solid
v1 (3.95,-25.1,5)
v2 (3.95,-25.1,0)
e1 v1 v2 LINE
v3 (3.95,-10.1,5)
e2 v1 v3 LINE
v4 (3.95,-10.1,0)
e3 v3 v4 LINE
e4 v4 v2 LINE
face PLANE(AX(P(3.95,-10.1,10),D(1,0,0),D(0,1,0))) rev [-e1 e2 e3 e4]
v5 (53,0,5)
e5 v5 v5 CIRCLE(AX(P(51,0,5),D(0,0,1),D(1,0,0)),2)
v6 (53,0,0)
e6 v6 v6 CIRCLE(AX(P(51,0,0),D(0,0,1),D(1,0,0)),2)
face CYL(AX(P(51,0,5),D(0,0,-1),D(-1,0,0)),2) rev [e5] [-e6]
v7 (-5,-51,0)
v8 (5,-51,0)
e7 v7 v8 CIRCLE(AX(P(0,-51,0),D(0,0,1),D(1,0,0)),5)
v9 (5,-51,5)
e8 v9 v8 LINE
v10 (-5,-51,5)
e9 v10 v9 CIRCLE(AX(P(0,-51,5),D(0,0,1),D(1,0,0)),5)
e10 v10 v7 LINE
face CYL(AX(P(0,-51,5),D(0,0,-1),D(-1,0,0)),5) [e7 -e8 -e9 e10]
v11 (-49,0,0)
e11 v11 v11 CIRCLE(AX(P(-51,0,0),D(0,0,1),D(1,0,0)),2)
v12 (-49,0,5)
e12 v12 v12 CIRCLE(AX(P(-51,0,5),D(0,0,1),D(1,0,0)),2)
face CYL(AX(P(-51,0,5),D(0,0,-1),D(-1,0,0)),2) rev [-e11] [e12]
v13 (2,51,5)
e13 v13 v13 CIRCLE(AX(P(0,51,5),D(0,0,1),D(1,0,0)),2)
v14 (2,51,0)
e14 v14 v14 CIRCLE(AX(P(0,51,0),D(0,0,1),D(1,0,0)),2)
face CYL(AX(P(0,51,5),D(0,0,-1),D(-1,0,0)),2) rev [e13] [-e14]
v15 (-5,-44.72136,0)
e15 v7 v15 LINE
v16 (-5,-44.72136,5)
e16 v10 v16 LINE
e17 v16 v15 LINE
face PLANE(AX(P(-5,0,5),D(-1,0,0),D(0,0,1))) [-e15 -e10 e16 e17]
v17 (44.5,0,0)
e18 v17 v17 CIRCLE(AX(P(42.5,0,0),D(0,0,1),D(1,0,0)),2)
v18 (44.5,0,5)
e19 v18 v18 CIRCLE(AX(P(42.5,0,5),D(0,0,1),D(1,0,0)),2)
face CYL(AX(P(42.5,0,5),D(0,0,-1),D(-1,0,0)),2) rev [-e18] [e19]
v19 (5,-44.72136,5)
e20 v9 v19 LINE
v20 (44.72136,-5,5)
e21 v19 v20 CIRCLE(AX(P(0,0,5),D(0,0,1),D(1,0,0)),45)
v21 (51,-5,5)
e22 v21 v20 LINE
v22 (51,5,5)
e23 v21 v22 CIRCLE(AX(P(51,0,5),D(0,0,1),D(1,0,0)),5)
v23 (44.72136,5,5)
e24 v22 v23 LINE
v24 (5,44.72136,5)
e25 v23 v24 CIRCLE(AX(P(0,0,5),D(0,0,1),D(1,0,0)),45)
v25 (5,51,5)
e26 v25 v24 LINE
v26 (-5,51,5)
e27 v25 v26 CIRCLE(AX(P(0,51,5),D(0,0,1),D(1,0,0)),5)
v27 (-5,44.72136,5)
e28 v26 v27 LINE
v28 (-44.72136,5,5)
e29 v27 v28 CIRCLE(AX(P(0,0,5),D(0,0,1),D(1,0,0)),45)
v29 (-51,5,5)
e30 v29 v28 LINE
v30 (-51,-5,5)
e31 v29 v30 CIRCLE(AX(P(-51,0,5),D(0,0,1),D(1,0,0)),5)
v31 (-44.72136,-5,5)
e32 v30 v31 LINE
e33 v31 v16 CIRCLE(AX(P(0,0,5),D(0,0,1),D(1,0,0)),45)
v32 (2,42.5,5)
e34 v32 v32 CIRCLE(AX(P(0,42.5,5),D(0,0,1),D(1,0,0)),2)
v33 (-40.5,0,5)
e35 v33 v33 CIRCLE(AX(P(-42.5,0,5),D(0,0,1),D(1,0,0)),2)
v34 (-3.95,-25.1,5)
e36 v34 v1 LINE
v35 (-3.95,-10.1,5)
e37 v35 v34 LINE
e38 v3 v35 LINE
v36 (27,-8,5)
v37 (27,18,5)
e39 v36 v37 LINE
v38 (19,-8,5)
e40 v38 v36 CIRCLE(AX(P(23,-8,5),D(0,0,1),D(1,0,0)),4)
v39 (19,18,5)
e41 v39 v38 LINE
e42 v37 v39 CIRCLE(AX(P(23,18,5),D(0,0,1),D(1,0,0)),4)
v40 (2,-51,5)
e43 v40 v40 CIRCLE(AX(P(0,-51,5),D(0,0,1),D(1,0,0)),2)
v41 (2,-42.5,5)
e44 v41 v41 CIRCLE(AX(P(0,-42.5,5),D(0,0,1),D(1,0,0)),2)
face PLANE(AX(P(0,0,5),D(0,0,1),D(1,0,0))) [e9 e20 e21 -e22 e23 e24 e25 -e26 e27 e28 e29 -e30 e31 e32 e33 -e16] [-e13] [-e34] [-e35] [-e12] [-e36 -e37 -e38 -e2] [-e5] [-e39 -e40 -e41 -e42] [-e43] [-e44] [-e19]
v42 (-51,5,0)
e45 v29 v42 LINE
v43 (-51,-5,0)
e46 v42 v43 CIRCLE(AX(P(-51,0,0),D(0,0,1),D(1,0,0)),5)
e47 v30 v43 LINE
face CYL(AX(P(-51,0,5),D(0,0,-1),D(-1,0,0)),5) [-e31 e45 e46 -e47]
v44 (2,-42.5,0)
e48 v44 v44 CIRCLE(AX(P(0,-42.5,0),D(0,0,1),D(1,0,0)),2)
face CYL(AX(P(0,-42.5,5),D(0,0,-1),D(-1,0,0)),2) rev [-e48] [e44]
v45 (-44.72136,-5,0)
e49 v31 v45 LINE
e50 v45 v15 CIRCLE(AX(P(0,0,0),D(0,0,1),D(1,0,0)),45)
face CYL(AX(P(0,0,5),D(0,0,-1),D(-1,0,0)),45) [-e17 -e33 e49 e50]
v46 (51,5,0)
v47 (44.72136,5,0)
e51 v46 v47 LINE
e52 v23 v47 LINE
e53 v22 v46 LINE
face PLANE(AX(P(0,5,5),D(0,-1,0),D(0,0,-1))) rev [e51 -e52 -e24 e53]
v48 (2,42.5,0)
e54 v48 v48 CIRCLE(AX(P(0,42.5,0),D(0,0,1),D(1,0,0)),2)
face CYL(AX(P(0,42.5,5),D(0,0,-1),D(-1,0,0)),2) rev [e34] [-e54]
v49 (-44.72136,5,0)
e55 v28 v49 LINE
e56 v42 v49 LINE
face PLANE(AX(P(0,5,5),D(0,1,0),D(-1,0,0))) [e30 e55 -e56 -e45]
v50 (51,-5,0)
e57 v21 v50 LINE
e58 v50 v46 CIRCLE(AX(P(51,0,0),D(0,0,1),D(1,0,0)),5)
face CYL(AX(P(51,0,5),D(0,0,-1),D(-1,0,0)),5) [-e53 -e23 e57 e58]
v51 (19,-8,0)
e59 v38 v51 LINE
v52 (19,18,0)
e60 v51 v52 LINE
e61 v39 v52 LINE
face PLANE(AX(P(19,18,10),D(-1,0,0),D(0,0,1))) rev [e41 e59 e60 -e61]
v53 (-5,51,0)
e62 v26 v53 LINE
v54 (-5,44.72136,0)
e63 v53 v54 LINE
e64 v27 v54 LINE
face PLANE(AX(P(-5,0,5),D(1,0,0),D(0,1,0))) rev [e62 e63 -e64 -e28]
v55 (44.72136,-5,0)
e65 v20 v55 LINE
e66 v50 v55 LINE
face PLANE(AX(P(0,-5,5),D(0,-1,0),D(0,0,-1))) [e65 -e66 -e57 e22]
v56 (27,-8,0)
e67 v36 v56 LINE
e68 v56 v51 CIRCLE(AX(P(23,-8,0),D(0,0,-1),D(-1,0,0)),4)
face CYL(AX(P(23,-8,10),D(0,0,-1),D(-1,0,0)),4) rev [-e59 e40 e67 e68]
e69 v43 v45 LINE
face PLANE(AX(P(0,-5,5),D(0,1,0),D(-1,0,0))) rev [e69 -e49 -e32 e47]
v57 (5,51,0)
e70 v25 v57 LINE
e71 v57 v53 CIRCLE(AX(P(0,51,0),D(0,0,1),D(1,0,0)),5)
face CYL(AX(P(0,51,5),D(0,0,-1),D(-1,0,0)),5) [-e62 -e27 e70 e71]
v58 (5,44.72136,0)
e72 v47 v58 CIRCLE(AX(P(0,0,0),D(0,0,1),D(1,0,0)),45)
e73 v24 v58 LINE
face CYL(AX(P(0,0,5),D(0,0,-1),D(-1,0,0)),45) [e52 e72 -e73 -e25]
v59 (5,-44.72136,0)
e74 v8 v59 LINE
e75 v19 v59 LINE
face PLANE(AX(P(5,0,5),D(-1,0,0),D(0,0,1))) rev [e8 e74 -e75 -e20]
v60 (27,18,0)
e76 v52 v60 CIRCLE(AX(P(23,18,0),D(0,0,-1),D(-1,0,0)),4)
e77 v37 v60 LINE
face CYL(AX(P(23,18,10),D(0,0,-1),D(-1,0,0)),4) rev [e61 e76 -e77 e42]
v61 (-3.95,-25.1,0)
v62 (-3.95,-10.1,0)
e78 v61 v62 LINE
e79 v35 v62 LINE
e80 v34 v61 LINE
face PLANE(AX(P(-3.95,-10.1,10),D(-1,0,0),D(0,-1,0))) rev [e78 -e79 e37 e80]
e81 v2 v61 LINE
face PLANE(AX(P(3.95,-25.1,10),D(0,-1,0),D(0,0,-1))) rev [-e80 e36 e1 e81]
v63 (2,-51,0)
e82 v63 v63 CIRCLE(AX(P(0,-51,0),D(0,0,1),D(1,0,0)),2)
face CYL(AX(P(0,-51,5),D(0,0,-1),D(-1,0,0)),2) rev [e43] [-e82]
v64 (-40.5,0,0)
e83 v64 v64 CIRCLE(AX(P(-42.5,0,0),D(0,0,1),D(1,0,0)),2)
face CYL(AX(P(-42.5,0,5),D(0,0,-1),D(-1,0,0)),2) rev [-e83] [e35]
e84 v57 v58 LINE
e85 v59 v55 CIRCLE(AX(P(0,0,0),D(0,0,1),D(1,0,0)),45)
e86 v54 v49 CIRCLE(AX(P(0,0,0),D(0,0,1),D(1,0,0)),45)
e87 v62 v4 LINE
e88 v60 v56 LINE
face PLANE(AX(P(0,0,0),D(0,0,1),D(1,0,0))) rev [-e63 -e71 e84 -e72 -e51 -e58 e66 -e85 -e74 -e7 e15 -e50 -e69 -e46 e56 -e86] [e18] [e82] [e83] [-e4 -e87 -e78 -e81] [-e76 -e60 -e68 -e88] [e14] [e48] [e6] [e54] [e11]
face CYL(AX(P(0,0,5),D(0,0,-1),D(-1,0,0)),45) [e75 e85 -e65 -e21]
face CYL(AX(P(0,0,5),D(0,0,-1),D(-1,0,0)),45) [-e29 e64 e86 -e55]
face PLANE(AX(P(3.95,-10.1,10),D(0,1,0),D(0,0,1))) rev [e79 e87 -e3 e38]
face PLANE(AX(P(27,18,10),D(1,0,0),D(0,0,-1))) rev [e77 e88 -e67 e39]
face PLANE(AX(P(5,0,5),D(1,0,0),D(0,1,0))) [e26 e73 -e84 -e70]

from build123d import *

# Parameters (mm, degrees)
SKETCH1_R           = 2
BOSS_EXTRUDE1_DEPTH = 5
SKETCH2_W           = 7.9
SKETCH2_H           = 15
CUT_EXTRUDE1_DEPTH  = 10
CUT_EXTRUDE2_DEPTH  = 10


with BuildPart() as part:
    # Sketch1 → Boss-Extrude1 (new body)
    with BuildSketch(Plane.XY):
        with BuildLine():
            ThreePointArc((5, 51), (0, 56), (-5, 51))
            Line((-5, 51), (-5, 44.72135955))
            ThreePointArc((-5, 44.72135955), (-31.819805153, 31.819805153), (-44.72135955, 5))
            Line((-44.72135955, 5), (-51, 5))
            ThreePointArc((-51, 5), (-56, 0), (-51, -5))
            Line((-51, -5), (-44.72135955, -5))
            ThreePointArc((-44.72135955, -5), (-31.819805153, -31.819805153), (-5, -44.72135955))
            Line((-5, -44.72135955), (-5, -51))
            ThreePointArc((-5, -51), (0, -56), (5, -51))
            Line((5, -51), (5, -44.72135955))
            ThreePointArc((5, -44.72135955), (31.819805153, -31.819805153), (44.72135955, -5))
            Line((44.72135955, -5), (51, -5))
            ThreePointArc((51, -5), (56, 0), (51, 5))
            Line((51, 5), (44.72135955, 5))
            ThreePointArc((44.72135955, 5), (31.819805153, 31.819805153), (5, 44.72135955))
            Line((5, 44.72135955), (5, 51))
        make_face()
        with Locations((0, 51)):
            Circle(SKETCH1_R, mode=Mode.SUBTRACT)
        with Locations((0, 42.5)):
            Circle(SKETCH1_R, mode=Mode.SUBTRACT)
        with Locations((0, -42.5)):
            Circle(SKETCH1_R, mode=Mode.SUBTRACT)
        with Locations((-42.5, 0)):
            Circle(SKETCH1_R, mode=Mode.SUBTRACT)
        with Locations((42.5, 0)):
            Circle(SKETCH1_R, mode=Mode.SUBTRACT)
        with Locations((-51, 0)):
            Circle(SKETCH1_R, mode=Mode.SUBTRACT)
        with Locations((51, 0)):
            Circle(SKETCH1_R, mode=Mode.SUBTRACT)
        with Locations((0, -51)):
            Circle(SKETCH1_R, mode=Mode.SUBTRACT)
    extrude(amount=BOSS_EXTRUDE1_DEPTH)

    # Sketch2 → Cut-Extrude1 (cut)
    with BuildSketch(Plane(origin=(0, 0, 0), x_dir=(-1, 0, 0), z_dir=(0, 0, -1))):
        with Locations((0, -17.6)):
            Rectangle(SKETCH2_W, SKETCH2_H)
    extrude(amount=-CUT_EXTRUDE1_DEPTH, mode=Mode.SUBTRACT)

    # Sketch3 → Cut-Extrude2 (cut)
    with BuildSketch(Plane(origin=(0, 0, 0), x_dir=(-1, 0, 0), z_dir=(0, 0, -1))):
        with BuildLine():
            Line((-19, 18), (-19, -8))
            ThreePointArc((-19, -8), (-23, -12), (-27, -8))
            Line((-27, -8), (-27, 18))
            ThreePointArc((-27, 18), (-23, 22), (-19, 18))
        make_face()
    extrude(amount=-CUT_EXTRUDE2_DEPTH, mode=Mode.SUBTRACT)


solid = part.part
